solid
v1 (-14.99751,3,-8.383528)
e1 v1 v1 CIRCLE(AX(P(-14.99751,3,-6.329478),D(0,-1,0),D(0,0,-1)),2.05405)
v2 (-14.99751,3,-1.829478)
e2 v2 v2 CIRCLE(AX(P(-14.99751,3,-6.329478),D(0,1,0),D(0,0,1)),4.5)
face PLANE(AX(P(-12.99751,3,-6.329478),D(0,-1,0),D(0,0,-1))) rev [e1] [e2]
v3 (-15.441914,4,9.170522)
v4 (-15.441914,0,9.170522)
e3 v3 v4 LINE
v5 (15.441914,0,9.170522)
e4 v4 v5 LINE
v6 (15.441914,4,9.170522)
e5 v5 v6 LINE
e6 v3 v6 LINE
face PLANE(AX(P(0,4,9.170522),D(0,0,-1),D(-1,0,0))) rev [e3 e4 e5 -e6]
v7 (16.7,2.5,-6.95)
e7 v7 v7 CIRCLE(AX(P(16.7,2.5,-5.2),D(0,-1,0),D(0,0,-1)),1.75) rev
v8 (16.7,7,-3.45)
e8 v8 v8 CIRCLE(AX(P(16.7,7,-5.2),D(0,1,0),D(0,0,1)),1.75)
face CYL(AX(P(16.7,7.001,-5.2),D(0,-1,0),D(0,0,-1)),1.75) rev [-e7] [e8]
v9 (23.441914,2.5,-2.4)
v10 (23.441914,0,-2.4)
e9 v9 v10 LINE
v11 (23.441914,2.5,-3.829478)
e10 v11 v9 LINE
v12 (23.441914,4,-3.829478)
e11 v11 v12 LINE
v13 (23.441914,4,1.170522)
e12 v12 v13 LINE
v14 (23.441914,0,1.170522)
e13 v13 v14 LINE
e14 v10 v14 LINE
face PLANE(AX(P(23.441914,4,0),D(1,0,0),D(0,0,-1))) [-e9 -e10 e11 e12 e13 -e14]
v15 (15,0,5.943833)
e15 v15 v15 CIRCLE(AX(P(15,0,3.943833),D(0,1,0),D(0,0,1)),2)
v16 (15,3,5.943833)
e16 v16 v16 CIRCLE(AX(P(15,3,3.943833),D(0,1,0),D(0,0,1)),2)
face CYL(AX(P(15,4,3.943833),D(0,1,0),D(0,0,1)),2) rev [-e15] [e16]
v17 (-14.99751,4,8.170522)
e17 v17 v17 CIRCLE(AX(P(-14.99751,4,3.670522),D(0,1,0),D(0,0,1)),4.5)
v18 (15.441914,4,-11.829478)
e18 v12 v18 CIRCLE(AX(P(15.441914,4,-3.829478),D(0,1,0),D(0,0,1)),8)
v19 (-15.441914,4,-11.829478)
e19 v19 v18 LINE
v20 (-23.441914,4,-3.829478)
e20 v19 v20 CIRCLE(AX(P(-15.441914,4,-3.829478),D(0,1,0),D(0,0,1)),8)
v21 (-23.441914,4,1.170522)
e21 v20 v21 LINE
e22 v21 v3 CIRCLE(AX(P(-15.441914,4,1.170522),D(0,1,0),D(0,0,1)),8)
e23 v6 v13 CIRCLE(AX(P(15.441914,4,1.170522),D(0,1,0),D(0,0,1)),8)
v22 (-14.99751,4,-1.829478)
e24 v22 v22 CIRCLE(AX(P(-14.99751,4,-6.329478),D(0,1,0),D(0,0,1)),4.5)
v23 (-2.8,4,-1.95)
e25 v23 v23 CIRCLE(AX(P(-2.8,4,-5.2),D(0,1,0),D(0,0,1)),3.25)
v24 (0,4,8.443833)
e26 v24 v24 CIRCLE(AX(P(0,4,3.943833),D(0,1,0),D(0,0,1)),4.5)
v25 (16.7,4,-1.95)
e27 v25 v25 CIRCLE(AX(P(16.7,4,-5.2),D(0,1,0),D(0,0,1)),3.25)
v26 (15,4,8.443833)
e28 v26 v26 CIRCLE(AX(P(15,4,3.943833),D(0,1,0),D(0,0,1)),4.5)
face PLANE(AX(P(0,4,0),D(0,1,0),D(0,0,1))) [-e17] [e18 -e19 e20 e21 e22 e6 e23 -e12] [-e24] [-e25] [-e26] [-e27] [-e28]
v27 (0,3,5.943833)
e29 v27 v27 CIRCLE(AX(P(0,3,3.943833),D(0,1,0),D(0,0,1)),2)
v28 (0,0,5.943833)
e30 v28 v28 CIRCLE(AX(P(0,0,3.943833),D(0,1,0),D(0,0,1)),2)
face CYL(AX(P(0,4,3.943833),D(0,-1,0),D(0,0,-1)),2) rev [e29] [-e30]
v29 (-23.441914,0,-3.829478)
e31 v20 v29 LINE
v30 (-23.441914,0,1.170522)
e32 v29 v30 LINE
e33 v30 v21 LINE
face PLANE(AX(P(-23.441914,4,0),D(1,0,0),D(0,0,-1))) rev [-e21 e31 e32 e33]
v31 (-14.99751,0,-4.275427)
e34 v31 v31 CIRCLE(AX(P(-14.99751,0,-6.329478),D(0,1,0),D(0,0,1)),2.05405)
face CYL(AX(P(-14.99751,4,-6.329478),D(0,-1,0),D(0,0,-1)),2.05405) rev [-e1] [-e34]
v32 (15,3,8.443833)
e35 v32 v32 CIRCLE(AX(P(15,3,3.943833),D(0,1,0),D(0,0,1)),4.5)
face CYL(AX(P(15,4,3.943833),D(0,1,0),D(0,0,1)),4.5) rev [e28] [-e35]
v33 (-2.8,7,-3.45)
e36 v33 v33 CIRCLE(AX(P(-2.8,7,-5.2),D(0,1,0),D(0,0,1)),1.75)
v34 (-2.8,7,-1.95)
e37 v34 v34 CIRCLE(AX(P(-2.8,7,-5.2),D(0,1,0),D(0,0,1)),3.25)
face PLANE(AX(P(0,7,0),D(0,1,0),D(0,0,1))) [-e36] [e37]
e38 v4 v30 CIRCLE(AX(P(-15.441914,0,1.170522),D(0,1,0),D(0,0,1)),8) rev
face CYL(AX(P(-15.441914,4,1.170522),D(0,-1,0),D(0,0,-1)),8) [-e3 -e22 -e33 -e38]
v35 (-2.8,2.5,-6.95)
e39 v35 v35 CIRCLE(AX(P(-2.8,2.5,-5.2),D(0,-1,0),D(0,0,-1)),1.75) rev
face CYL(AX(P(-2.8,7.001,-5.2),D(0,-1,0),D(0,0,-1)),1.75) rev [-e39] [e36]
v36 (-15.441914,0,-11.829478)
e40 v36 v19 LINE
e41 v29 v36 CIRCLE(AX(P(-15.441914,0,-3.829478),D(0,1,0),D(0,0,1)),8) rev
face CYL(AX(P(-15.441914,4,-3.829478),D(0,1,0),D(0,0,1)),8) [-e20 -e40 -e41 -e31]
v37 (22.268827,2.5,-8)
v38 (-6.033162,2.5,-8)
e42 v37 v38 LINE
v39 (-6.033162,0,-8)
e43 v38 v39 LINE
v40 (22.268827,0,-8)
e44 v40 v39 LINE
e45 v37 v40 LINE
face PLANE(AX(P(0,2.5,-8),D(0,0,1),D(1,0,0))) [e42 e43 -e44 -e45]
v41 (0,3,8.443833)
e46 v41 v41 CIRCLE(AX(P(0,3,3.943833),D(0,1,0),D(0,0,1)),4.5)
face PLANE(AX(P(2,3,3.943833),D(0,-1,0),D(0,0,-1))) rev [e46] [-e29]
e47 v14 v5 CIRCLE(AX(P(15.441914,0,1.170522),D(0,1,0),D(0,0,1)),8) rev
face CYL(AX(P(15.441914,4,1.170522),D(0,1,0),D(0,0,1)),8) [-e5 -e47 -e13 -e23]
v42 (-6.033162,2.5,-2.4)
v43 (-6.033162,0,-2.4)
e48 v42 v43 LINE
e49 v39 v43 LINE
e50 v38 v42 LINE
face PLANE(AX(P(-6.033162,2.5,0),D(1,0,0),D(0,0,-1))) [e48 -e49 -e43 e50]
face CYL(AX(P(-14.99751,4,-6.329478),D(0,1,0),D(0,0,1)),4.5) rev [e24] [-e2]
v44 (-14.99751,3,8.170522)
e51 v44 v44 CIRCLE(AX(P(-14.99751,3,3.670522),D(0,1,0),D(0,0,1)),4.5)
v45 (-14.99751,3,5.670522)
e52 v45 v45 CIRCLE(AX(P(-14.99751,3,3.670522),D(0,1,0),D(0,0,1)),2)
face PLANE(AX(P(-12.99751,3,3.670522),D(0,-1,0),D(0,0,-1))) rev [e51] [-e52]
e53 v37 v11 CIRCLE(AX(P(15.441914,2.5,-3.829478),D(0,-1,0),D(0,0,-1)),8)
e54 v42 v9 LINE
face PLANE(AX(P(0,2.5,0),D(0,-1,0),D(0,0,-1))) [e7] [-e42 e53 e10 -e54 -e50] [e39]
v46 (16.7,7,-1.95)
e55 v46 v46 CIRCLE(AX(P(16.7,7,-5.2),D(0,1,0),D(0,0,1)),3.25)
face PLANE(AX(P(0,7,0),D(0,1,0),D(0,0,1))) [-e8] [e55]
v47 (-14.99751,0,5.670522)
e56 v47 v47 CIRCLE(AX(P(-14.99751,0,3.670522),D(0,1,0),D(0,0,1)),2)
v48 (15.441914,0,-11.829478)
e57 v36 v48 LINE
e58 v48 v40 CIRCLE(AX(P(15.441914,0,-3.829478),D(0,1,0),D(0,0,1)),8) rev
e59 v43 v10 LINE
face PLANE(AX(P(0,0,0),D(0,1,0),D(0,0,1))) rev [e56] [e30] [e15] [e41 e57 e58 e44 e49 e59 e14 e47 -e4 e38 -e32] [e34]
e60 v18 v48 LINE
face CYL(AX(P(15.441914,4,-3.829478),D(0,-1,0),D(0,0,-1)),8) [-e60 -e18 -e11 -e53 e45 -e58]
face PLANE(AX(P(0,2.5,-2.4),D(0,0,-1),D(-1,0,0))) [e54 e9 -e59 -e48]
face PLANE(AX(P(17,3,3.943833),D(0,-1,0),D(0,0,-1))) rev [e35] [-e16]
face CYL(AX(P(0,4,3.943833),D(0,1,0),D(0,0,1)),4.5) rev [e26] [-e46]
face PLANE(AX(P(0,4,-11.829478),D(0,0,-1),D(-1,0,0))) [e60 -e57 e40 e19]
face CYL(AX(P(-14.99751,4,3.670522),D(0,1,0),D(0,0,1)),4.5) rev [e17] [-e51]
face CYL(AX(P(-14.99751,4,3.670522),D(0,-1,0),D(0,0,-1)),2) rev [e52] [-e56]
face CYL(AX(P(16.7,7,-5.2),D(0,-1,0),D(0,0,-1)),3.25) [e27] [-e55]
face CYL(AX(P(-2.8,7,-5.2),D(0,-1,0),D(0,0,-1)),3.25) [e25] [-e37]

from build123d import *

# Parameters (mm, degrees)
SKETCH2_W           = 46.883828082
SKETCH2_H           = 21
SKETCH2_R           = 2
SKETCH2_R_2         = 2.054050428
SKETCH2_R_3         = 3.25
BOSS_EXTRUDE2_DEPTH = 4
SKETCH2_2_R         = 3.25
BOSS_EXTRUDE3_DEPTH = 7
CUT_EXTRUDE1_REACH  = 9
SKETCH1_R           = 1.75
HOLE1_D             = 4
HOLE1_DEPTH         = 4
HOLE1_CBORE_D       = 9
HOLE1_CBORE_DEPTH   = 1
FILLET1_R           = 8
SKETCH6_R           = 1.75
CUT_EXTRUDE2_DEPTH  = 2.5


with BuildPart() as part:
    # Sketch2 → Boss-Extrude2 (new body)
    with BuildSketch(Plane(origin=(0, 0, 0), x_dir=(1, 0, 0), z_dir=(0, 1, 0))):
        with Locations((0, 1.329477691)):
            Rectangle(SKETCH2_W, SKETCH2_H)
        with Locations((-14.997509842, -3.670522309)):
            Circle(SKETCH2_R, mode=Mode.SUBTRACT)
        with Locations((-14.997509842, 6.329477691)):
            Circle(SKETCH2_R_2, mode=Mode.SUBTRACT)
        with Locations((-2.8, 5.2)):
            Circle(SKETCH2_R_3, mode=Mode.SUBTRACT)
        with Locations((0, -3.943832634)):
            Circle(SKETCH2_R, mode=Mode.SUBTRACT)
        with Locations((16.7, 5.2)):
            Circle(SKETCH2_R_3, mode=Mode.SUBTRACT)
    extrude(amount=BOSS_EXTRUDE2_DEPTH)

    # Sketch2<2> → Boss-Extrude3 (add)
    with BuildSketch(Plane(origin=(0, 0, 0), x_dir=(1, 0, 0), z_dir=(0, 1, 0))):
        with Locations((-2.8, 5.2)):
            Circle(SKETCH2_2_R)
        with Locations((16.7, 5.2)):
            Circle(SKETCH2_2_R)
    extrude(amount=BOSS_EXTRUDE3_DEPTH)

    # Sketch1 → Cut-Extrude1 (cut, up to next)
    with BuildSketch(Plane(origin=(0, 0, 0), x_dir=(1, 0, 0), z_dir=(0, 1, 0)), mode=Mode.PRIVATE) as cut_extrude1_sk1:
        with Locations((-2.8, 5.2)):
            Circle(SKETCH1_R)
    cut_extrude1_tool1 = extrude(cut_extrude1_sk1.sketch, amount=CUT_EXTRUDE1_REACH, mode=Mode.PRIVATE) & part.part
    add(cut_extrude1_tool1.solids().sort_by_distance((-2.8, 0, -5.2))[0], mode=Mode.SUBTRACT)
    # Sketch1 → Cut-Extrude1 (cut, up to next)
    with BuildSketch(Plane(origin=(0, 0, 0), x_dir=(1, 0, 0), z_dir=(0, 1, 0)), mode=Mode.PRIVATE) as cut_extrude1_sk2:
        with Locations((16.7, 5.2)):
            Circle(SKETCH1_R)
    cut_extrude1_tool2 = extrude(cut_extrude1_sk2.sketch, amount=CUT_EXTRUDE1_REACH, mode=Mode.PRIVATE) & part.part
    add(cut_extrude1_tool2.solids().sort_by_distance((16.7, 0, -5.2))[0], mode=Mode.SUBTRACT)

    # Hole1
    with Locations(Plane(origin=(0, 4, 0), x_dir=(1, 0, 0), z_dir=(0, 1, 0))):
        with Locations((0, -3.943832634), (15, -3.943832634), (-14.997509842, -3.670522309), (-14.997509842, 6.329477691)):
            CounterBoreHole(HOLE1_D / 2, HOLE1_CBORE_D / 2, HOLE1_CBORE_DEPTH, depth=HOLE1_DEPTH)

    # Fillet1
    fillet1_edges = [part.edges().sort_by_distance(p)[0] for p in [
        (23.441914041, 2, -11.829477691),
        (23.441914041, 2, 9.170522309),
        (-23.441914041, 2, 9.170522309),
        (-23.441914041, 2, -11.829477691),
    ]]
    fillet(fillet1_edges, radius=FILLET1_R)

    # Sketch6 → Cut-Extrude2 (cut)
    with BuildSketch(Plane.XZ):
        with BuildLine():
            Line((19.933161507, -5.2), (18.316580754, -8))
            Line((18.316580754, -8), (22.268827229, -8))
            ThreePointArc((22.268827229, -8), (23.143060238, -5.995660336), (23.441914041, -3.829477691))
            Line((23.441914041, -3.829477691), (23.441914041, -2.4))
            Line((23.441914041, -2.4), (18.316580754, -2.4))
            Line((18.316580754, -2.4), (19.933161507, -5.2))
        make_face()
        Polygon((13.466838493, -5.2), (15.083419246, -8), (18.316580754, -8), (19.933161507, -5.2), (18.316580754, -2.4), (15.083419246, -2.4), align=None)
        with Locations((16.7, -5.2)):
            Circle(SKETCH6_R, mode=Mode.SUBTRACT)
        Polygon((0.433161507, -5.2), (-1.183419246, -8), (15.083419246, -8), (13.466838493, -5.2), (15.083419246, -2.4), (-1.183419246, -2.4), align=None)
        Polygon((-4.416580754, -2.4), (-6.033161507, -5.2), (-4.416580754, -8), (-1.183419246, -8), (0.433161507, -5.2), (-1.183419246, -2.4), align=None)
        with Locations((-2.8, -5.2)):
            Circle(SKETCH6_R, mode=Mode.SUBTRACT)
        Polygon((-6.033161507, -2.4), (-6.033161507, -5.2), (-4.416580754, -2.4), align=None)
        Polygon((-6.033161507, -5.2), (-6.033161507, -8), (-4.416580754, -8), align=None)
    extrude(amount=-CUT_EXTRUDE2_DEPTH, mode=Mode.SUBTRACT)


solid = part.part
